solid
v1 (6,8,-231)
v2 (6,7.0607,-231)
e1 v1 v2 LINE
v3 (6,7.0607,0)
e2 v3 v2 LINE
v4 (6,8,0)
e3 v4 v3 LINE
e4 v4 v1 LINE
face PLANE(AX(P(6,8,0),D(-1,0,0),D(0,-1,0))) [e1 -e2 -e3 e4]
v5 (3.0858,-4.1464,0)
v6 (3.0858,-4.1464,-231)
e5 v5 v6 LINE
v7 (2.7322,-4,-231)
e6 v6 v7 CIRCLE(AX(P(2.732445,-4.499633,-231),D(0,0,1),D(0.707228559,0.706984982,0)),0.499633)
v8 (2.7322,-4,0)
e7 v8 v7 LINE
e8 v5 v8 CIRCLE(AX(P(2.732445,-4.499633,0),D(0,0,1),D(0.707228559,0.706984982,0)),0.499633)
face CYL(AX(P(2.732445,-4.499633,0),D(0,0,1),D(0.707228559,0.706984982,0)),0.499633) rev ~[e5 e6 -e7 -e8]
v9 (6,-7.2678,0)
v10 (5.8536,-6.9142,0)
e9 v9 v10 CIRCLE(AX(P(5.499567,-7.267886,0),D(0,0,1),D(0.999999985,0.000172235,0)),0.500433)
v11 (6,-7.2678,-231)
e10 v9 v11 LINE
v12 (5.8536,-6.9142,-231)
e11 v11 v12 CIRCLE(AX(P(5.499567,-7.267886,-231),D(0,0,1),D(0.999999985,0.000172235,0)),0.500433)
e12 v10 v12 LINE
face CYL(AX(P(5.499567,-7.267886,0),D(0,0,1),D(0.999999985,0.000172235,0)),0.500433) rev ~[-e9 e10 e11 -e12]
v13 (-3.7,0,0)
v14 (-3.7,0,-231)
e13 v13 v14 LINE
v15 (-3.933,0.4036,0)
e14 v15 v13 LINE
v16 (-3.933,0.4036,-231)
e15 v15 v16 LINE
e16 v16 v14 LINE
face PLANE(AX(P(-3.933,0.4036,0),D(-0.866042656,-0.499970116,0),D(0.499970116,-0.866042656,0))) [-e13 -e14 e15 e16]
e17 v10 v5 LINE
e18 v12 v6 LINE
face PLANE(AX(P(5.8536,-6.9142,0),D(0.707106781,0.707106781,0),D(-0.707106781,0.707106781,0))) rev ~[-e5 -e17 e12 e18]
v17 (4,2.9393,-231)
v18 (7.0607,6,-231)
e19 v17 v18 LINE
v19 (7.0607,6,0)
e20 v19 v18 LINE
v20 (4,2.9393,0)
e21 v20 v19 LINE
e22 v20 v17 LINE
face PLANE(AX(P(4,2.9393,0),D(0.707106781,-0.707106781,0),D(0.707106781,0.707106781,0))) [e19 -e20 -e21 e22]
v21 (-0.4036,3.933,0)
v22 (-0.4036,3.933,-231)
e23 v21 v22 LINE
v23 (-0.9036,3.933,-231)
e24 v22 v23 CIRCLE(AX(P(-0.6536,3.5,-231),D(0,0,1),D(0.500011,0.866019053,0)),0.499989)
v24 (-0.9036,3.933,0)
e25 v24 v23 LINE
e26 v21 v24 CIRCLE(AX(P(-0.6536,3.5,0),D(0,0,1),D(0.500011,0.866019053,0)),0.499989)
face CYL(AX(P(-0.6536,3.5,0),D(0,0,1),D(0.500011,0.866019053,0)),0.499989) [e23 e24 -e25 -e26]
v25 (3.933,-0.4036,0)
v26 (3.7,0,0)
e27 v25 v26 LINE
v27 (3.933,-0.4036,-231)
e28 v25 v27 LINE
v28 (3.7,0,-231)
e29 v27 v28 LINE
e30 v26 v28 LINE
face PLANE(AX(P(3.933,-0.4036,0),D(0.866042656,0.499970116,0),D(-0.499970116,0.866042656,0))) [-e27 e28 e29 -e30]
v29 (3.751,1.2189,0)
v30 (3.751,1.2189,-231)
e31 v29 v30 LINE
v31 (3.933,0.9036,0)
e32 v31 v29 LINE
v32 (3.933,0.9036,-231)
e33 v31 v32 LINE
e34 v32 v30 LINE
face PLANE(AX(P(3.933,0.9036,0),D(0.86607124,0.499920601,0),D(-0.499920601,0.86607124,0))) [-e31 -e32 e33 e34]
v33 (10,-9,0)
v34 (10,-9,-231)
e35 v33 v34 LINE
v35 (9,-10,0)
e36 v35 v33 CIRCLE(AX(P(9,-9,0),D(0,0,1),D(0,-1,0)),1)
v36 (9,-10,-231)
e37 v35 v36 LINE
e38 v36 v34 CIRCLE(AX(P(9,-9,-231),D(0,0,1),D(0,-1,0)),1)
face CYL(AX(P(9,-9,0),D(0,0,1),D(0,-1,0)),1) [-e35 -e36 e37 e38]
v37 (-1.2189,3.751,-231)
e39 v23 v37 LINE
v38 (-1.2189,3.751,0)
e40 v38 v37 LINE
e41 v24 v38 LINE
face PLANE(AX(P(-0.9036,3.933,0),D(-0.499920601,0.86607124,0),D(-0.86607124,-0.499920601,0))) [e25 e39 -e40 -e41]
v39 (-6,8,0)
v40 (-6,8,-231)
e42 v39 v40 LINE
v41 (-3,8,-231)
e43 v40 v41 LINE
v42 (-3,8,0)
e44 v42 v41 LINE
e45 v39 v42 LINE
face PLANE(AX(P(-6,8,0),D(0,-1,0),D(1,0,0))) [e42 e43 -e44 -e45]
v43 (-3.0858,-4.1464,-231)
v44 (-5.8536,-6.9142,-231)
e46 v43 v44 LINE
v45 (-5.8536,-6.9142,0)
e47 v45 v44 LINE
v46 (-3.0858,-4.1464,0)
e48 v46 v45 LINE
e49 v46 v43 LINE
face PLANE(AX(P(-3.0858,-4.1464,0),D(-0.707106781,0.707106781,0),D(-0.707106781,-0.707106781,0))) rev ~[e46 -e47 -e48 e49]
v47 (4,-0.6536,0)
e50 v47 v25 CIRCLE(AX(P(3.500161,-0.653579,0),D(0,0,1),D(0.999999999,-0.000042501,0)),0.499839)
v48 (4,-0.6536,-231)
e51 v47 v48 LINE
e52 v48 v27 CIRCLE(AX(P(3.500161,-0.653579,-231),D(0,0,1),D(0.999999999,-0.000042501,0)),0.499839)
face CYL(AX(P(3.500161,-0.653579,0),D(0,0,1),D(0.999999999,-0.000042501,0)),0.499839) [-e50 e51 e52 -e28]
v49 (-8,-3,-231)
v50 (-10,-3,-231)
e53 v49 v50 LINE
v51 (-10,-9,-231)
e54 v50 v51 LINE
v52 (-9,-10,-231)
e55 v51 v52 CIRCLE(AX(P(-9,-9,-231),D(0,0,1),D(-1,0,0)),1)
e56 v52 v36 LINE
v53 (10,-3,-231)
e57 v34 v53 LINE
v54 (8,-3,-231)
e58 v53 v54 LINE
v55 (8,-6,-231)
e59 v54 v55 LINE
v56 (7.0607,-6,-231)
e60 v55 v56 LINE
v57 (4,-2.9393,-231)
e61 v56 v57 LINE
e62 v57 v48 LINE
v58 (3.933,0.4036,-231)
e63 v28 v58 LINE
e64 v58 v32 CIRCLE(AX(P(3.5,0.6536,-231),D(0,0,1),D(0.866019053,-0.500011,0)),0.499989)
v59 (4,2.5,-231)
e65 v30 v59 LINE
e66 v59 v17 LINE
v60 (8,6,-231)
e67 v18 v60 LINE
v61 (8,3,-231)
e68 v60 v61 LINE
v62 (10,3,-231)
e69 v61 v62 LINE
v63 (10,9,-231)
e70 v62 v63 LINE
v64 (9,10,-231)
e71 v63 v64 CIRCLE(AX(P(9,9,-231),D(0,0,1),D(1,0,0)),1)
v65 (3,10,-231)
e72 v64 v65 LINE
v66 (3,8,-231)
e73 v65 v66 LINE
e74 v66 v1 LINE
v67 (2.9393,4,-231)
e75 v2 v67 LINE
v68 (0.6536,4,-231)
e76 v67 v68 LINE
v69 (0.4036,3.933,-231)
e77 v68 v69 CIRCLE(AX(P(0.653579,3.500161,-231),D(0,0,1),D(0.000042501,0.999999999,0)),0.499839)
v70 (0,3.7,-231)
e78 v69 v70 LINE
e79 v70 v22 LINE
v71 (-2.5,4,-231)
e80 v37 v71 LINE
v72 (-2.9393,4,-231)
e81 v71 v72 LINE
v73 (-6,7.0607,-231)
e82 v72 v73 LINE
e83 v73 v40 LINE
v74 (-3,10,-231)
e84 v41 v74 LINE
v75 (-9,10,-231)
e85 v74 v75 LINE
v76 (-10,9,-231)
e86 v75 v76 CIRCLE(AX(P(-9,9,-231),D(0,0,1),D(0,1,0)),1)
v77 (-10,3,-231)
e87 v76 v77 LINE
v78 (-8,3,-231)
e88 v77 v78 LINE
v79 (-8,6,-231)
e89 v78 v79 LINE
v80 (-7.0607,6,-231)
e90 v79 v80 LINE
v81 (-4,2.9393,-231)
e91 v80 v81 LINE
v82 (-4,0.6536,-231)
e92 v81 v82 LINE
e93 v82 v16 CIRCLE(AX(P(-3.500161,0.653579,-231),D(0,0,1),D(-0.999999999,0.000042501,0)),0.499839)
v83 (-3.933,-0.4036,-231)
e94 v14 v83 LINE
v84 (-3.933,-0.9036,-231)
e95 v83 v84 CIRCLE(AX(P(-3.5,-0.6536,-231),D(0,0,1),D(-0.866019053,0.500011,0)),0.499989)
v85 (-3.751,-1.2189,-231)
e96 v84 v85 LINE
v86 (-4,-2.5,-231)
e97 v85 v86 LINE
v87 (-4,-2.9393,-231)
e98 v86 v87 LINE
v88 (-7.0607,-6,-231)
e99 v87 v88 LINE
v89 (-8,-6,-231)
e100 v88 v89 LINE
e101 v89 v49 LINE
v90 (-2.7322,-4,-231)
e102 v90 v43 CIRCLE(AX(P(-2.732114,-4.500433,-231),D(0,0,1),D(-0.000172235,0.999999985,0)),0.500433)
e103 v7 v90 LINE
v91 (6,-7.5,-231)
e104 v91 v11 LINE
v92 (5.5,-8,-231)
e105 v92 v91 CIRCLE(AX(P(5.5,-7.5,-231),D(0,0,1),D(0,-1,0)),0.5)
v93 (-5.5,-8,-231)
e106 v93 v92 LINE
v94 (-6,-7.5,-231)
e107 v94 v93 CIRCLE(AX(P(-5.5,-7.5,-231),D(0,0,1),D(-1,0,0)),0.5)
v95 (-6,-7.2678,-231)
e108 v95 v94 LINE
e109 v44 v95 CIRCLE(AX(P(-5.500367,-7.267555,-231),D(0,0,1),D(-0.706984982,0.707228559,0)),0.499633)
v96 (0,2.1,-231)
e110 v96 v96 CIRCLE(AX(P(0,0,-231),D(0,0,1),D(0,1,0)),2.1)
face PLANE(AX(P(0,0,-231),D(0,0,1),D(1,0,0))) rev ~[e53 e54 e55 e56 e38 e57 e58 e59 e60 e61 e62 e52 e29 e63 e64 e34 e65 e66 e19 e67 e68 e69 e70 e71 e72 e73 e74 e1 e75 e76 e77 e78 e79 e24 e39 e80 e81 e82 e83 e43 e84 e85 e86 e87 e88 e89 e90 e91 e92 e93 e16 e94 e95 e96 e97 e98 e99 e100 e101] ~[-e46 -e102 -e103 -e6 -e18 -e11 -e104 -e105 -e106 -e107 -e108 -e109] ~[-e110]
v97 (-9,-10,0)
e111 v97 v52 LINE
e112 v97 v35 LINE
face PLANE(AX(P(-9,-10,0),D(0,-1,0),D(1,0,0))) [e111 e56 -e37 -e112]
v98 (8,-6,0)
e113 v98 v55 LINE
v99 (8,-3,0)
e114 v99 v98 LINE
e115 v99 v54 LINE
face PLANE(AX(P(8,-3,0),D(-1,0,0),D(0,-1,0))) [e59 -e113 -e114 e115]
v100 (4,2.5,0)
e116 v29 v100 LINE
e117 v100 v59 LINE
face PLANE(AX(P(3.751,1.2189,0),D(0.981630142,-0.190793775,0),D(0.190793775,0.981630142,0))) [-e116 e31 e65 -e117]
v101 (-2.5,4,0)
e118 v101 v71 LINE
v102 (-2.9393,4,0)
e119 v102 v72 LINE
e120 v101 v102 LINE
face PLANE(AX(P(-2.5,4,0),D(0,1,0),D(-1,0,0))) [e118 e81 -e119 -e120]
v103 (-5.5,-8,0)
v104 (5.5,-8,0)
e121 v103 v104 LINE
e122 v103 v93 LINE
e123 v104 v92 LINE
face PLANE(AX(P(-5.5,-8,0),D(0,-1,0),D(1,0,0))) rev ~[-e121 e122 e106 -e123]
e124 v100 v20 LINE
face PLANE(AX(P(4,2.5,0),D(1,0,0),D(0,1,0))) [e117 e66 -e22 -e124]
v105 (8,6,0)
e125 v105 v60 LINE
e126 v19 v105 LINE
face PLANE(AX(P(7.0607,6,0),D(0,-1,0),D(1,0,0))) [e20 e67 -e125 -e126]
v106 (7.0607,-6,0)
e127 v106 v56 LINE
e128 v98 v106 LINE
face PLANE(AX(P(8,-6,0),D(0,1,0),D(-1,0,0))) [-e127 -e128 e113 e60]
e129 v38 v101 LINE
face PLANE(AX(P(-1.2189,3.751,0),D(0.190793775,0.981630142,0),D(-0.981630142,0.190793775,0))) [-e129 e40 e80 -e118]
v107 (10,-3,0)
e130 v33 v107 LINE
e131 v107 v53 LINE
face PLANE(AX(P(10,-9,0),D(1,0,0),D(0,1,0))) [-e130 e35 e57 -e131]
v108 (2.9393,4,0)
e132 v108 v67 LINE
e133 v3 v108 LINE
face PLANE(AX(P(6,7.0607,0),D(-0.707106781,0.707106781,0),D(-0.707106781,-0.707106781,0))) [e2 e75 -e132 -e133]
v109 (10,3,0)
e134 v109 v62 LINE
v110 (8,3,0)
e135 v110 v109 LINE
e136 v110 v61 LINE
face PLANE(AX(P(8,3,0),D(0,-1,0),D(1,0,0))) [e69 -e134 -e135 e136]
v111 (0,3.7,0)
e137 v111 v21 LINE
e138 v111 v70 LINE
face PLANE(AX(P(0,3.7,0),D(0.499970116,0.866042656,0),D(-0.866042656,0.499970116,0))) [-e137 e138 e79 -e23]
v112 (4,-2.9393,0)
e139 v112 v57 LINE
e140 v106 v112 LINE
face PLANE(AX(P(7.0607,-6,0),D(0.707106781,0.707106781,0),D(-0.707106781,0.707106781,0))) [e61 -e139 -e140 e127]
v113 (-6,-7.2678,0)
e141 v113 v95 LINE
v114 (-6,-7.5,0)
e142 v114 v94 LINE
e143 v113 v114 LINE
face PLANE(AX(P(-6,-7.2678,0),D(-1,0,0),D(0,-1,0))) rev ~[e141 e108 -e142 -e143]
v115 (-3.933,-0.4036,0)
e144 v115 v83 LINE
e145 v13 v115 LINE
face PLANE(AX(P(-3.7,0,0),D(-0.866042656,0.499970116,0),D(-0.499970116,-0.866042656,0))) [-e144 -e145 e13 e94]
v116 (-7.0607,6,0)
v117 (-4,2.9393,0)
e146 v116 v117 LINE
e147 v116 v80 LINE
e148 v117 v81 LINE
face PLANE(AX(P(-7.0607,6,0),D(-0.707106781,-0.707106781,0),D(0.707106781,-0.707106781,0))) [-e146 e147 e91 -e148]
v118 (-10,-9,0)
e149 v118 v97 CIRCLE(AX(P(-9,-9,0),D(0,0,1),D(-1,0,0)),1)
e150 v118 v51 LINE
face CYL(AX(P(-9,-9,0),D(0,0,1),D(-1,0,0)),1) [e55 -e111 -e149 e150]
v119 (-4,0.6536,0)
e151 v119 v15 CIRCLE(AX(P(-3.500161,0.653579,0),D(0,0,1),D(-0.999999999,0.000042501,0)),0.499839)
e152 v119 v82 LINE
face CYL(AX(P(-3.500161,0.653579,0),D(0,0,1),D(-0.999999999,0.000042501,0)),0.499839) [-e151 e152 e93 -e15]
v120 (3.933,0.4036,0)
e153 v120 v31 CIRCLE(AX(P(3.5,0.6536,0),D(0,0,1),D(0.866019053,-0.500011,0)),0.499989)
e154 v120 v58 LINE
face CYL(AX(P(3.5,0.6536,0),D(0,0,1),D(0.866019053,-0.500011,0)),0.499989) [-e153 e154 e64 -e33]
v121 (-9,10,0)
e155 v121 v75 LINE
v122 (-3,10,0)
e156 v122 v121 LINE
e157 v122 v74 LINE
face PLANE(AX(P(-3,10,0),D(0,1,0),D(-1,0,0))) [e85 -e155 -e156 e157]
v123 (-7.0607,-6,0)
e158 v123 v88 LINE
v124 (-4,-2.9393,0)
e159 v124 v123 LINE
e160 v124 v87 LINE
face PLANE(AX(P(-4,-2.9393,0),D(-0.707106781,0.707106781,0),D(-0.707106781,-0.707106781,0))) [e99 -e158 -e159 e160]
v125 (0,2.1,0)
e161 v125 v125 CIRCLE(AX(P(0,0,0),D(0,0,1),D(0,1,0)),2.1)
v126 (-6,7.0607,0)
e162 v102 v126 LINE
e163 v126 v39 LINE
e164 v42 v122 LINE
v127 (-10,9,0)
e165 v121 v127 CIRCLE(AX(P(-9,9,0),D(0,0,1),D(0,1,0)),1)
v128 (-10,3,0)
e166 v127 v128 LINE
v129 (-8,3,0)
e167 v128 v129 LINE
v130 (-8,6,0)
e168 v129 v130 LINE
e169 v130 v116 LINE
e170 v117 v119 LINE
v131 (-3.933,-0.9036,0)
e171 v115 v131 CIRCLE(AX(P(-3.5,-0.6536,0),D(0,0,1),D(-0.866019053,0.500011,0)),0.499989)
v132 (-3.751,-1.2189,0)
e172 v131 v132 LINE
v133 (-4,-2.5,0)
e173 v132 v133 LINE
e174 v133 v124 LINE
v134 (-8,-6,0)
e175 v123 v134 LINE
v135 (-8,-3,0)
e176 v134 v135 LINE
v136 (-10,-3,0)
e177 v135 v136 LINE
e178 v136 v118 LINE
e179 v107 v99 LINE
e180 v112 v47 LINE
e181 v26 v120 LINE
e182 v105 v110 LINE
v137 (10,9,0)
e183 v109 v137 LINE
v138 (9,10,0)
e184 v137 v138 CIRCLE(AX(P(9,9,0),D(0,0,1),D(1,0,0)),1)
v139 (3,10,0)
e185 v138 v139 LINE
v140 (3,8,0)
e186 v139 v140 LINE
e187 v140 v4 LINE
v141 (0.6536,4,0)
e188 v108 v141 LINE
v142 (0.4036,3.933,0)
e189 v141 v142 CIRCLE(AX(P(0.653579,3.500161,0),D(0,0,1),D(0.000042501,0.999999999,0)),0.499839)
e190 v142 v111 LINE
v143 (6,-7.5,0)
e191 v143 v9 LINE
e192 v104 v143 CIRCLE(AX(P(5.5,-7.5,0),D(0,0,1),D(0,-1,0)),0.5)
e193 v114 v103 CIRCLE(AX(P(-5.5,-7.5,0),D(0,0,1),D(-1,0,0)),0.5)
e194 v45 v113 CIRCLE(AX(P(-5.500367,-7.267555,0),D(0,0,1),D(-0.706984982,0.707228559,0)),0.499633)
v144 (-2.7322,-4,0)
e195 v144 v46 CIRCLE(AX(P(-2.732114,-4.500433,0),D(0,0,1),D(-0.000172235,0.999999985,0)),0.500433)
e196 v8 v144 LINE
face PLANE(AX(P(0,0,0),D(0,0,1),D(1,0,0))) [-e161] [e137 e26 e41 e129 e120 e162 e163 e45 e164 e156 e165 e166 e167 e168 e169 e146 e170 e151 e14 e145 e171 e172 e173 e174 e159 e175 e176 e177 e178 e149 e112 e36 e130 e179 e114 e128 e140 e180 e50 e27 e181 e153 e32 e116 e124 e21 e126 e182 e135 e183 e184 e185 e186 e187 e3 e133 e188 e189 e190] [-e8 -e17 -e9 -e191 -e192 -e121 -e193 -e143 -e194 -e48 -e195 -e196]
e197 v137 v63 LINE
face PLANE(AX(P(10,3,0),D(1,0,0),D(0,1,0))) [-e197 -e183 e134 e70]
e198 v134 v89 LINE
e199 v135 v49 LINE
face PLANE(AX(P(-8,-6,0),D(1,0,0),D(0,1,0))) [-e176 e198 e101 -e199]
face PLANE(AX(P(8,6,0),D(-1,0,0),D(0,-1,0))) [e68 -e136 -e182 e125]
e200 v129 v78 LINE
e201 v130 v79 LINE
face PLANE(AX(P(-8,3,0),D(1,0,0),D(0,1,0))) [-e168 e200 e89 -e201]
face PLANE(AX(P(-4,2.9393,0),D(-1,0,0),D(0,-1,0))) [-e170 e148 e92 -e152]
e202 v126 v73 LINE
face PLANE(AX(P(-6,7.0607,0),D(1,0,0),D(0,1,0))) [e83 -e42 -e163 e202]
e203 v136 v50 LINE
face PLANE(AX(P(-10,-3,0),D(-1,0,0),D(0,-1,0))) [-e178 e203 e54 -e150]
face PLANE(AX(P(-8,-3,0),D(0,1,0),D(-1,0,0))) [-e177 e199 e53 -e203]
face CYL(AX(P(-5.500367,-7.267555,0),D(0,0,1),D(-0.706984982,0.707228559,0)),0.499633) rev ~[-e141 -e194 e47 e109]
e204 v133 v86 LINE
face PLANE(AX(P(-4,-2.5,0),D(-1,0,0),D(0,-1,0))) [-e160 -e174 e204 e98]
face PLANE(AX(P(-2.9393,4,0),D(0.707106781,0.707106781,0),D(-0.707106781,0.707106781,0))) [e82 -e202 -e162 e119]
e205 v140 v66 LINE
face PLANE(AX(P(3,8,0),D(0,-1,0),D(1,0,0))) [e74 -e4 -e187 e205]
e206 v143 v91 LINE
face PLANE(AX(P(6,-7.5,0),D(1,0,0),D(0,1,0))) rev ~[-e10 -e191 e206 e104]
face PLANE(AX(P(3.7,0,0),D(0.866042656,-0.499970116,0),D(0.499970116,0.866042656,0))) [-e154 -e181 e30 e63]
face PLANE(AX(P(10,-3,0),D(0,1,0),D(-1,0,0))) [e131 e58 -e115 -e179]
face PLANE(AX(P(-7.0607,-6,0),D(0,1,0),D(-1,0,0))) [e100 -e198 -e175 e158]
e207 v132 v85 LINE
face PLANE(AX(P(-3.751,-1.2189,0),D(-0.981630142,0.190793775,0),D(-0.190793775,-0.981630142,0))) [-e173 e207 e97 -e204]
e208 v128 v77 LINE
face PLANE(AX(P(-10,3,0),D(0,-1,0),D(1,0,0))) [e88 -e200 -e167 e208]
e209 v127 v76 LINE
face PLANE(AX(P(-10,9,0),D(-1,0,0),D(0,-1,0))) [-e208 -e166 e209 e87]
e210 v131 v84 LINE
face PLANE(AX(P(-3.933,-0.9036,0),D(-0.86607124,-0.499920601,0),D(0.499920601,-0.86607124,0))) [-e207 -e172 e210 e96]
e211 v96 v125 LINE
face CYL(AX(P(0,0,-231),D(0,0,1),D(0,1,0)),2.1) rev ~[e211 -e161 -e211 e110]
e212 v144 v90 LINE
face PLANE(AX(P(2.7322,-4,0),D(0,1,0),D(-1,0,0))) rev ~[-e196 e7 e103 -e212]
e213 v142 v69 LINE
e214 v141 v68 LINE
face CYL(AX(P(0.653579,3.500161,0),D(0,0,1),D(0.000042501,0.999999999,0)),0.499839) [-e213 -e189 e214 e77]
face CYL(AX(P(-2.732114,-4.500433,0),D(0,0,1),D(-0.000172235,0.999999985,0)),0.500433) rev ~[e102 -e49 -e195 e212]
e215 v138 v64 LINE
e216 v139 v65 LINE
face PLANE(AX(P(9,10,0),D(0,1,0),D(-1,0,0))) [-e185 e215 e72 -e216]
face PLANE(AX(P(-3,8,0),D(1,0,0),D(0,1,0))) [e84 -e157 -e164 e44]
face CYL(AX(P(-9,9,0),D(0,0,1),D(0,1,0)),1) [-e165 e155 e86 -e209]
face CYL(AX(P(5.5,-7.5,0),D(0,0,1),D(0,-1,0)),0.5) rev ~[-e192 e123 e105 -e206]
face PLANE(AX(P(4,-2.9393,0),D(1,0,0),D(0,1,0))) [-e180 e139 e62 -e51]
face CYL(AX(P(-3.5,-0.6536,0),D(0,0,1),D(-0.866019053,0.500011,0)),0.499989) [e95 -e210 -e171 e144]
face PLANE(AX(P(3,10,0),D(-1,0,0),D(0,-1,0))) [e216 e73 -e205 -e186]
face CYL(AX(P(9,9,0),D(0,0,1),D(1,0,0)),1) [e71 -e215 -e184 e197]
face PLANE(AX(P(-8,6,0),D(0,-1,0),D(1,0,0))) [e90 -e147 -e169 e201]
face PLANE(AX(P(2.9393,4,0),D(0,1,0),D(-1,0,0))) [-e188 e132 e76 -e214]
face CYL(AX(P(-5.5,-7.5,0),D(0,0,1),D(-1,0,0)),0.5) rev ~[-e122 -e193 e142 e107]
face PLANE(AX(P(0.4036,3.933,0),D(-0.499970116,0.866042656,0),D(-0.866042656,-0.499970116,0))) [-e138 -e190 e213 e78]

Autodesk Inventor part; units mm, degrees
sketch "Sketch_76" plane through (0, 0, 0) normal (0, 0, 1) x (1, 0, 0)
  line L0 (-10, -3) -> (-10, -9)
  arc A0 (-10, -9) -> (-9, -10) centre (-9, -9) ccw
  line L1 (-9, -10) -> (9, -10)
  arc A1 (9, -10) -> (10, -9) centre (9, -9) ccw
  line L2 (10, -9) -> (10, -3)
  line L3 (10, -3) -> (8, -3)
  line L4 (8, -3) -> (8, -6)
  line L5 (8, -6) -> (7.0607, -6)
  line L6 (7.0607, -6) -> (4, -2.9393)
  line L7 (4, -2.9393) -> (4, -0.6536)
  arc A2 (4, -0.6536) -> (3.933, -0.4036) centre (3.5, -0.6536) ccw
  line L8 (3.933, -0.4036) -> (3.7, 0)
  line L9 (3.7, 0) -> (3.933, 0.4036)
  arc A3 (3.933, 0.4036) -> (3.933, 0.9036) centre (3.5, 0.6536) ccw
  line L10 (3.933, 0.9036) -> (3.751, 1.2189)
  line L11 (3.751, 1.2189) -> (4, 2.5)
  line L12 (4, 2.5) -> (4, 2.9393)
  line L13 (4, 2.9393) -> (7.0607, 6)
  line L14 (7.0607, 6) -> (8, 6)
  line L15 (8, 6) -> (8, 3)
  line L16 (8, 3) -> (10, 3)
  line L17 (10, 3) -> (10, 9)
  arc A4 (10, 9) -> (9, 10) centre (9, 9) ccw
  line L18 (9, 10) -> (3, 10)
  line L19 (3, 10) -> (3, 8)
  line L20 (3, 8) -> (6, 8)
  line L21 (6, 8) -> (6, 7.0607)
  line L22 (6, 7.0607) -> (2.9393, 4)
  line L23 (2.9393, 4) -> (0.6536, 4)
  arc A5 (0.6536, 4) -> (0.4036, 3.933) centre (0.6536, 3.5) ccw
  line L24 (0.4036, 3.933) -> (0, 3.7)
  line L25 (0, 3.7) -> (-0.4036, 3.933)
  arc A6 (-0.4036, 3.933) -> (-0.9036, 3.933) centre (-0.6536, 3.5) ccw
  line L26 (-0.9036, 3.933) -> (-1.2189, 3.751)
  line L27 (-1.2189, 3.751) -> (-2.5, 4)
  line L28 (-2.5, 4) -> (-2.9393, 4)
  line L29 (-2.9393, 4) -> (-6, 7.0607)
  line L30 (-6, 7.0607) -> (-6, 8)
  line L31 (-6, 8) -> (-3, 8)
  line L32 (-3, 8) -> (-3, 10)
  line L33 (-3, 10) -> (-9, 10)
  arc A7 (-9, 10) -> (-10, 9) centre (-9, 9) ccw
  line L34 (-10, 9) -> (-10, 3)
  line L35 (-10, 3) -> (-8, 3)
  line L36 (-8, 3) -> (-8, 6)
  line L37 (-8, 6) -> (-7.0607, 6)
  line L38 (-7.0607, 6) -> (-4, 2.9393)
  line L39 (-4, 2.9393) -> (-4, 0.6536)
  arc A8 (-4, 0.6536) -> (-3.933, 0.4036) centre (-3.5, 0.6536) ccw
  line L40 (-3.933, 0.4036) -> (-3.7, 0)
  line L41 (-3.7, 0) -> (-3.933, -0.4036)
  arc A9 (-3.933, -0.4036) -> (-3.933, -0.9036) centre (-3.5, -0.6536) ccw
  line L42 (-3.933, -0.9036) -> (-3.751, -1.2189)
  line L43 (-3.751, -1.2189) -> (-4, -2.5)
  line L44 (-4, -2.5) -> (-4, -2.9393)
  line L45 (-4, -2.9393) -> (-7.0607, -6)
  line L46 (-7.0607, -6) -> (-8, -6)
  line L47 (-8, -6) -> (-8, -3)
  line L48 (-8, -3) -> (-10, -3)
  line L49 (-6, -7.2678) -> (-6, -7.5)
  arc A10 (-6, -7.5) -> (-5.5, -8) centre (-5.5, -7.5) ccw
  line L50 (-5.5, -8) -> (5.5, -8)
  arc A11 (5.5, -8) -> (6, -7.5) centre (5.5, -7.5) ccw
  line L51 (6, -7.5) -> (6, -7.2678)
  arc A12 (6, -7.2678) -> (5.8536, -6.9142) centre (5.5, -7.2678) ccw
  line L52 (5.8536, -6.9142) -> (3.0858, -4.1464)
  arc A13 (3.0858, -4.1464) -> (2.7322, -4) centre (2.7322, -4.5) ccw
  line L53 (2.7322, -4) -> (-2.7322, -4)
  arc A14 (-2.7322, -4) -> (-3.0858, -4.1464) centre (-2.7322, -4.5) ccw
  line L54 (-3.0858, -4.1464) -> (-5.8536, -6.9142)
  arc A15 (-5.8536, -6.9142) -> (-6, -7.2678) centre (-5.5, -7.2678) ccw
extrude "Extrusion1" add sketch "Sketch_76" against normal blind 231
sketch "Sketch2" plane through (0, 0, -231) normal (0, 0, -1) x (-1, 0, 0)
  point P0 (0, 0)
hole "Hole1" at (0, 0, -231) direction (0, 0, 1) diameter 4.2 depth 231
ref_plane "C1_XY" through (0, 0, 0) normal (0, 0, 1) x (1, 0, 0)
ref_plane "C1_YZ" through (0, 0, 0) normal (1, 0, 0) x (0, 1, 0)
ref_plane "C1_ZX" through (0, 0, 0) normal (0, 1, 0) x (0, 0, 1)
properties part number "NFSF5-2020-231"
